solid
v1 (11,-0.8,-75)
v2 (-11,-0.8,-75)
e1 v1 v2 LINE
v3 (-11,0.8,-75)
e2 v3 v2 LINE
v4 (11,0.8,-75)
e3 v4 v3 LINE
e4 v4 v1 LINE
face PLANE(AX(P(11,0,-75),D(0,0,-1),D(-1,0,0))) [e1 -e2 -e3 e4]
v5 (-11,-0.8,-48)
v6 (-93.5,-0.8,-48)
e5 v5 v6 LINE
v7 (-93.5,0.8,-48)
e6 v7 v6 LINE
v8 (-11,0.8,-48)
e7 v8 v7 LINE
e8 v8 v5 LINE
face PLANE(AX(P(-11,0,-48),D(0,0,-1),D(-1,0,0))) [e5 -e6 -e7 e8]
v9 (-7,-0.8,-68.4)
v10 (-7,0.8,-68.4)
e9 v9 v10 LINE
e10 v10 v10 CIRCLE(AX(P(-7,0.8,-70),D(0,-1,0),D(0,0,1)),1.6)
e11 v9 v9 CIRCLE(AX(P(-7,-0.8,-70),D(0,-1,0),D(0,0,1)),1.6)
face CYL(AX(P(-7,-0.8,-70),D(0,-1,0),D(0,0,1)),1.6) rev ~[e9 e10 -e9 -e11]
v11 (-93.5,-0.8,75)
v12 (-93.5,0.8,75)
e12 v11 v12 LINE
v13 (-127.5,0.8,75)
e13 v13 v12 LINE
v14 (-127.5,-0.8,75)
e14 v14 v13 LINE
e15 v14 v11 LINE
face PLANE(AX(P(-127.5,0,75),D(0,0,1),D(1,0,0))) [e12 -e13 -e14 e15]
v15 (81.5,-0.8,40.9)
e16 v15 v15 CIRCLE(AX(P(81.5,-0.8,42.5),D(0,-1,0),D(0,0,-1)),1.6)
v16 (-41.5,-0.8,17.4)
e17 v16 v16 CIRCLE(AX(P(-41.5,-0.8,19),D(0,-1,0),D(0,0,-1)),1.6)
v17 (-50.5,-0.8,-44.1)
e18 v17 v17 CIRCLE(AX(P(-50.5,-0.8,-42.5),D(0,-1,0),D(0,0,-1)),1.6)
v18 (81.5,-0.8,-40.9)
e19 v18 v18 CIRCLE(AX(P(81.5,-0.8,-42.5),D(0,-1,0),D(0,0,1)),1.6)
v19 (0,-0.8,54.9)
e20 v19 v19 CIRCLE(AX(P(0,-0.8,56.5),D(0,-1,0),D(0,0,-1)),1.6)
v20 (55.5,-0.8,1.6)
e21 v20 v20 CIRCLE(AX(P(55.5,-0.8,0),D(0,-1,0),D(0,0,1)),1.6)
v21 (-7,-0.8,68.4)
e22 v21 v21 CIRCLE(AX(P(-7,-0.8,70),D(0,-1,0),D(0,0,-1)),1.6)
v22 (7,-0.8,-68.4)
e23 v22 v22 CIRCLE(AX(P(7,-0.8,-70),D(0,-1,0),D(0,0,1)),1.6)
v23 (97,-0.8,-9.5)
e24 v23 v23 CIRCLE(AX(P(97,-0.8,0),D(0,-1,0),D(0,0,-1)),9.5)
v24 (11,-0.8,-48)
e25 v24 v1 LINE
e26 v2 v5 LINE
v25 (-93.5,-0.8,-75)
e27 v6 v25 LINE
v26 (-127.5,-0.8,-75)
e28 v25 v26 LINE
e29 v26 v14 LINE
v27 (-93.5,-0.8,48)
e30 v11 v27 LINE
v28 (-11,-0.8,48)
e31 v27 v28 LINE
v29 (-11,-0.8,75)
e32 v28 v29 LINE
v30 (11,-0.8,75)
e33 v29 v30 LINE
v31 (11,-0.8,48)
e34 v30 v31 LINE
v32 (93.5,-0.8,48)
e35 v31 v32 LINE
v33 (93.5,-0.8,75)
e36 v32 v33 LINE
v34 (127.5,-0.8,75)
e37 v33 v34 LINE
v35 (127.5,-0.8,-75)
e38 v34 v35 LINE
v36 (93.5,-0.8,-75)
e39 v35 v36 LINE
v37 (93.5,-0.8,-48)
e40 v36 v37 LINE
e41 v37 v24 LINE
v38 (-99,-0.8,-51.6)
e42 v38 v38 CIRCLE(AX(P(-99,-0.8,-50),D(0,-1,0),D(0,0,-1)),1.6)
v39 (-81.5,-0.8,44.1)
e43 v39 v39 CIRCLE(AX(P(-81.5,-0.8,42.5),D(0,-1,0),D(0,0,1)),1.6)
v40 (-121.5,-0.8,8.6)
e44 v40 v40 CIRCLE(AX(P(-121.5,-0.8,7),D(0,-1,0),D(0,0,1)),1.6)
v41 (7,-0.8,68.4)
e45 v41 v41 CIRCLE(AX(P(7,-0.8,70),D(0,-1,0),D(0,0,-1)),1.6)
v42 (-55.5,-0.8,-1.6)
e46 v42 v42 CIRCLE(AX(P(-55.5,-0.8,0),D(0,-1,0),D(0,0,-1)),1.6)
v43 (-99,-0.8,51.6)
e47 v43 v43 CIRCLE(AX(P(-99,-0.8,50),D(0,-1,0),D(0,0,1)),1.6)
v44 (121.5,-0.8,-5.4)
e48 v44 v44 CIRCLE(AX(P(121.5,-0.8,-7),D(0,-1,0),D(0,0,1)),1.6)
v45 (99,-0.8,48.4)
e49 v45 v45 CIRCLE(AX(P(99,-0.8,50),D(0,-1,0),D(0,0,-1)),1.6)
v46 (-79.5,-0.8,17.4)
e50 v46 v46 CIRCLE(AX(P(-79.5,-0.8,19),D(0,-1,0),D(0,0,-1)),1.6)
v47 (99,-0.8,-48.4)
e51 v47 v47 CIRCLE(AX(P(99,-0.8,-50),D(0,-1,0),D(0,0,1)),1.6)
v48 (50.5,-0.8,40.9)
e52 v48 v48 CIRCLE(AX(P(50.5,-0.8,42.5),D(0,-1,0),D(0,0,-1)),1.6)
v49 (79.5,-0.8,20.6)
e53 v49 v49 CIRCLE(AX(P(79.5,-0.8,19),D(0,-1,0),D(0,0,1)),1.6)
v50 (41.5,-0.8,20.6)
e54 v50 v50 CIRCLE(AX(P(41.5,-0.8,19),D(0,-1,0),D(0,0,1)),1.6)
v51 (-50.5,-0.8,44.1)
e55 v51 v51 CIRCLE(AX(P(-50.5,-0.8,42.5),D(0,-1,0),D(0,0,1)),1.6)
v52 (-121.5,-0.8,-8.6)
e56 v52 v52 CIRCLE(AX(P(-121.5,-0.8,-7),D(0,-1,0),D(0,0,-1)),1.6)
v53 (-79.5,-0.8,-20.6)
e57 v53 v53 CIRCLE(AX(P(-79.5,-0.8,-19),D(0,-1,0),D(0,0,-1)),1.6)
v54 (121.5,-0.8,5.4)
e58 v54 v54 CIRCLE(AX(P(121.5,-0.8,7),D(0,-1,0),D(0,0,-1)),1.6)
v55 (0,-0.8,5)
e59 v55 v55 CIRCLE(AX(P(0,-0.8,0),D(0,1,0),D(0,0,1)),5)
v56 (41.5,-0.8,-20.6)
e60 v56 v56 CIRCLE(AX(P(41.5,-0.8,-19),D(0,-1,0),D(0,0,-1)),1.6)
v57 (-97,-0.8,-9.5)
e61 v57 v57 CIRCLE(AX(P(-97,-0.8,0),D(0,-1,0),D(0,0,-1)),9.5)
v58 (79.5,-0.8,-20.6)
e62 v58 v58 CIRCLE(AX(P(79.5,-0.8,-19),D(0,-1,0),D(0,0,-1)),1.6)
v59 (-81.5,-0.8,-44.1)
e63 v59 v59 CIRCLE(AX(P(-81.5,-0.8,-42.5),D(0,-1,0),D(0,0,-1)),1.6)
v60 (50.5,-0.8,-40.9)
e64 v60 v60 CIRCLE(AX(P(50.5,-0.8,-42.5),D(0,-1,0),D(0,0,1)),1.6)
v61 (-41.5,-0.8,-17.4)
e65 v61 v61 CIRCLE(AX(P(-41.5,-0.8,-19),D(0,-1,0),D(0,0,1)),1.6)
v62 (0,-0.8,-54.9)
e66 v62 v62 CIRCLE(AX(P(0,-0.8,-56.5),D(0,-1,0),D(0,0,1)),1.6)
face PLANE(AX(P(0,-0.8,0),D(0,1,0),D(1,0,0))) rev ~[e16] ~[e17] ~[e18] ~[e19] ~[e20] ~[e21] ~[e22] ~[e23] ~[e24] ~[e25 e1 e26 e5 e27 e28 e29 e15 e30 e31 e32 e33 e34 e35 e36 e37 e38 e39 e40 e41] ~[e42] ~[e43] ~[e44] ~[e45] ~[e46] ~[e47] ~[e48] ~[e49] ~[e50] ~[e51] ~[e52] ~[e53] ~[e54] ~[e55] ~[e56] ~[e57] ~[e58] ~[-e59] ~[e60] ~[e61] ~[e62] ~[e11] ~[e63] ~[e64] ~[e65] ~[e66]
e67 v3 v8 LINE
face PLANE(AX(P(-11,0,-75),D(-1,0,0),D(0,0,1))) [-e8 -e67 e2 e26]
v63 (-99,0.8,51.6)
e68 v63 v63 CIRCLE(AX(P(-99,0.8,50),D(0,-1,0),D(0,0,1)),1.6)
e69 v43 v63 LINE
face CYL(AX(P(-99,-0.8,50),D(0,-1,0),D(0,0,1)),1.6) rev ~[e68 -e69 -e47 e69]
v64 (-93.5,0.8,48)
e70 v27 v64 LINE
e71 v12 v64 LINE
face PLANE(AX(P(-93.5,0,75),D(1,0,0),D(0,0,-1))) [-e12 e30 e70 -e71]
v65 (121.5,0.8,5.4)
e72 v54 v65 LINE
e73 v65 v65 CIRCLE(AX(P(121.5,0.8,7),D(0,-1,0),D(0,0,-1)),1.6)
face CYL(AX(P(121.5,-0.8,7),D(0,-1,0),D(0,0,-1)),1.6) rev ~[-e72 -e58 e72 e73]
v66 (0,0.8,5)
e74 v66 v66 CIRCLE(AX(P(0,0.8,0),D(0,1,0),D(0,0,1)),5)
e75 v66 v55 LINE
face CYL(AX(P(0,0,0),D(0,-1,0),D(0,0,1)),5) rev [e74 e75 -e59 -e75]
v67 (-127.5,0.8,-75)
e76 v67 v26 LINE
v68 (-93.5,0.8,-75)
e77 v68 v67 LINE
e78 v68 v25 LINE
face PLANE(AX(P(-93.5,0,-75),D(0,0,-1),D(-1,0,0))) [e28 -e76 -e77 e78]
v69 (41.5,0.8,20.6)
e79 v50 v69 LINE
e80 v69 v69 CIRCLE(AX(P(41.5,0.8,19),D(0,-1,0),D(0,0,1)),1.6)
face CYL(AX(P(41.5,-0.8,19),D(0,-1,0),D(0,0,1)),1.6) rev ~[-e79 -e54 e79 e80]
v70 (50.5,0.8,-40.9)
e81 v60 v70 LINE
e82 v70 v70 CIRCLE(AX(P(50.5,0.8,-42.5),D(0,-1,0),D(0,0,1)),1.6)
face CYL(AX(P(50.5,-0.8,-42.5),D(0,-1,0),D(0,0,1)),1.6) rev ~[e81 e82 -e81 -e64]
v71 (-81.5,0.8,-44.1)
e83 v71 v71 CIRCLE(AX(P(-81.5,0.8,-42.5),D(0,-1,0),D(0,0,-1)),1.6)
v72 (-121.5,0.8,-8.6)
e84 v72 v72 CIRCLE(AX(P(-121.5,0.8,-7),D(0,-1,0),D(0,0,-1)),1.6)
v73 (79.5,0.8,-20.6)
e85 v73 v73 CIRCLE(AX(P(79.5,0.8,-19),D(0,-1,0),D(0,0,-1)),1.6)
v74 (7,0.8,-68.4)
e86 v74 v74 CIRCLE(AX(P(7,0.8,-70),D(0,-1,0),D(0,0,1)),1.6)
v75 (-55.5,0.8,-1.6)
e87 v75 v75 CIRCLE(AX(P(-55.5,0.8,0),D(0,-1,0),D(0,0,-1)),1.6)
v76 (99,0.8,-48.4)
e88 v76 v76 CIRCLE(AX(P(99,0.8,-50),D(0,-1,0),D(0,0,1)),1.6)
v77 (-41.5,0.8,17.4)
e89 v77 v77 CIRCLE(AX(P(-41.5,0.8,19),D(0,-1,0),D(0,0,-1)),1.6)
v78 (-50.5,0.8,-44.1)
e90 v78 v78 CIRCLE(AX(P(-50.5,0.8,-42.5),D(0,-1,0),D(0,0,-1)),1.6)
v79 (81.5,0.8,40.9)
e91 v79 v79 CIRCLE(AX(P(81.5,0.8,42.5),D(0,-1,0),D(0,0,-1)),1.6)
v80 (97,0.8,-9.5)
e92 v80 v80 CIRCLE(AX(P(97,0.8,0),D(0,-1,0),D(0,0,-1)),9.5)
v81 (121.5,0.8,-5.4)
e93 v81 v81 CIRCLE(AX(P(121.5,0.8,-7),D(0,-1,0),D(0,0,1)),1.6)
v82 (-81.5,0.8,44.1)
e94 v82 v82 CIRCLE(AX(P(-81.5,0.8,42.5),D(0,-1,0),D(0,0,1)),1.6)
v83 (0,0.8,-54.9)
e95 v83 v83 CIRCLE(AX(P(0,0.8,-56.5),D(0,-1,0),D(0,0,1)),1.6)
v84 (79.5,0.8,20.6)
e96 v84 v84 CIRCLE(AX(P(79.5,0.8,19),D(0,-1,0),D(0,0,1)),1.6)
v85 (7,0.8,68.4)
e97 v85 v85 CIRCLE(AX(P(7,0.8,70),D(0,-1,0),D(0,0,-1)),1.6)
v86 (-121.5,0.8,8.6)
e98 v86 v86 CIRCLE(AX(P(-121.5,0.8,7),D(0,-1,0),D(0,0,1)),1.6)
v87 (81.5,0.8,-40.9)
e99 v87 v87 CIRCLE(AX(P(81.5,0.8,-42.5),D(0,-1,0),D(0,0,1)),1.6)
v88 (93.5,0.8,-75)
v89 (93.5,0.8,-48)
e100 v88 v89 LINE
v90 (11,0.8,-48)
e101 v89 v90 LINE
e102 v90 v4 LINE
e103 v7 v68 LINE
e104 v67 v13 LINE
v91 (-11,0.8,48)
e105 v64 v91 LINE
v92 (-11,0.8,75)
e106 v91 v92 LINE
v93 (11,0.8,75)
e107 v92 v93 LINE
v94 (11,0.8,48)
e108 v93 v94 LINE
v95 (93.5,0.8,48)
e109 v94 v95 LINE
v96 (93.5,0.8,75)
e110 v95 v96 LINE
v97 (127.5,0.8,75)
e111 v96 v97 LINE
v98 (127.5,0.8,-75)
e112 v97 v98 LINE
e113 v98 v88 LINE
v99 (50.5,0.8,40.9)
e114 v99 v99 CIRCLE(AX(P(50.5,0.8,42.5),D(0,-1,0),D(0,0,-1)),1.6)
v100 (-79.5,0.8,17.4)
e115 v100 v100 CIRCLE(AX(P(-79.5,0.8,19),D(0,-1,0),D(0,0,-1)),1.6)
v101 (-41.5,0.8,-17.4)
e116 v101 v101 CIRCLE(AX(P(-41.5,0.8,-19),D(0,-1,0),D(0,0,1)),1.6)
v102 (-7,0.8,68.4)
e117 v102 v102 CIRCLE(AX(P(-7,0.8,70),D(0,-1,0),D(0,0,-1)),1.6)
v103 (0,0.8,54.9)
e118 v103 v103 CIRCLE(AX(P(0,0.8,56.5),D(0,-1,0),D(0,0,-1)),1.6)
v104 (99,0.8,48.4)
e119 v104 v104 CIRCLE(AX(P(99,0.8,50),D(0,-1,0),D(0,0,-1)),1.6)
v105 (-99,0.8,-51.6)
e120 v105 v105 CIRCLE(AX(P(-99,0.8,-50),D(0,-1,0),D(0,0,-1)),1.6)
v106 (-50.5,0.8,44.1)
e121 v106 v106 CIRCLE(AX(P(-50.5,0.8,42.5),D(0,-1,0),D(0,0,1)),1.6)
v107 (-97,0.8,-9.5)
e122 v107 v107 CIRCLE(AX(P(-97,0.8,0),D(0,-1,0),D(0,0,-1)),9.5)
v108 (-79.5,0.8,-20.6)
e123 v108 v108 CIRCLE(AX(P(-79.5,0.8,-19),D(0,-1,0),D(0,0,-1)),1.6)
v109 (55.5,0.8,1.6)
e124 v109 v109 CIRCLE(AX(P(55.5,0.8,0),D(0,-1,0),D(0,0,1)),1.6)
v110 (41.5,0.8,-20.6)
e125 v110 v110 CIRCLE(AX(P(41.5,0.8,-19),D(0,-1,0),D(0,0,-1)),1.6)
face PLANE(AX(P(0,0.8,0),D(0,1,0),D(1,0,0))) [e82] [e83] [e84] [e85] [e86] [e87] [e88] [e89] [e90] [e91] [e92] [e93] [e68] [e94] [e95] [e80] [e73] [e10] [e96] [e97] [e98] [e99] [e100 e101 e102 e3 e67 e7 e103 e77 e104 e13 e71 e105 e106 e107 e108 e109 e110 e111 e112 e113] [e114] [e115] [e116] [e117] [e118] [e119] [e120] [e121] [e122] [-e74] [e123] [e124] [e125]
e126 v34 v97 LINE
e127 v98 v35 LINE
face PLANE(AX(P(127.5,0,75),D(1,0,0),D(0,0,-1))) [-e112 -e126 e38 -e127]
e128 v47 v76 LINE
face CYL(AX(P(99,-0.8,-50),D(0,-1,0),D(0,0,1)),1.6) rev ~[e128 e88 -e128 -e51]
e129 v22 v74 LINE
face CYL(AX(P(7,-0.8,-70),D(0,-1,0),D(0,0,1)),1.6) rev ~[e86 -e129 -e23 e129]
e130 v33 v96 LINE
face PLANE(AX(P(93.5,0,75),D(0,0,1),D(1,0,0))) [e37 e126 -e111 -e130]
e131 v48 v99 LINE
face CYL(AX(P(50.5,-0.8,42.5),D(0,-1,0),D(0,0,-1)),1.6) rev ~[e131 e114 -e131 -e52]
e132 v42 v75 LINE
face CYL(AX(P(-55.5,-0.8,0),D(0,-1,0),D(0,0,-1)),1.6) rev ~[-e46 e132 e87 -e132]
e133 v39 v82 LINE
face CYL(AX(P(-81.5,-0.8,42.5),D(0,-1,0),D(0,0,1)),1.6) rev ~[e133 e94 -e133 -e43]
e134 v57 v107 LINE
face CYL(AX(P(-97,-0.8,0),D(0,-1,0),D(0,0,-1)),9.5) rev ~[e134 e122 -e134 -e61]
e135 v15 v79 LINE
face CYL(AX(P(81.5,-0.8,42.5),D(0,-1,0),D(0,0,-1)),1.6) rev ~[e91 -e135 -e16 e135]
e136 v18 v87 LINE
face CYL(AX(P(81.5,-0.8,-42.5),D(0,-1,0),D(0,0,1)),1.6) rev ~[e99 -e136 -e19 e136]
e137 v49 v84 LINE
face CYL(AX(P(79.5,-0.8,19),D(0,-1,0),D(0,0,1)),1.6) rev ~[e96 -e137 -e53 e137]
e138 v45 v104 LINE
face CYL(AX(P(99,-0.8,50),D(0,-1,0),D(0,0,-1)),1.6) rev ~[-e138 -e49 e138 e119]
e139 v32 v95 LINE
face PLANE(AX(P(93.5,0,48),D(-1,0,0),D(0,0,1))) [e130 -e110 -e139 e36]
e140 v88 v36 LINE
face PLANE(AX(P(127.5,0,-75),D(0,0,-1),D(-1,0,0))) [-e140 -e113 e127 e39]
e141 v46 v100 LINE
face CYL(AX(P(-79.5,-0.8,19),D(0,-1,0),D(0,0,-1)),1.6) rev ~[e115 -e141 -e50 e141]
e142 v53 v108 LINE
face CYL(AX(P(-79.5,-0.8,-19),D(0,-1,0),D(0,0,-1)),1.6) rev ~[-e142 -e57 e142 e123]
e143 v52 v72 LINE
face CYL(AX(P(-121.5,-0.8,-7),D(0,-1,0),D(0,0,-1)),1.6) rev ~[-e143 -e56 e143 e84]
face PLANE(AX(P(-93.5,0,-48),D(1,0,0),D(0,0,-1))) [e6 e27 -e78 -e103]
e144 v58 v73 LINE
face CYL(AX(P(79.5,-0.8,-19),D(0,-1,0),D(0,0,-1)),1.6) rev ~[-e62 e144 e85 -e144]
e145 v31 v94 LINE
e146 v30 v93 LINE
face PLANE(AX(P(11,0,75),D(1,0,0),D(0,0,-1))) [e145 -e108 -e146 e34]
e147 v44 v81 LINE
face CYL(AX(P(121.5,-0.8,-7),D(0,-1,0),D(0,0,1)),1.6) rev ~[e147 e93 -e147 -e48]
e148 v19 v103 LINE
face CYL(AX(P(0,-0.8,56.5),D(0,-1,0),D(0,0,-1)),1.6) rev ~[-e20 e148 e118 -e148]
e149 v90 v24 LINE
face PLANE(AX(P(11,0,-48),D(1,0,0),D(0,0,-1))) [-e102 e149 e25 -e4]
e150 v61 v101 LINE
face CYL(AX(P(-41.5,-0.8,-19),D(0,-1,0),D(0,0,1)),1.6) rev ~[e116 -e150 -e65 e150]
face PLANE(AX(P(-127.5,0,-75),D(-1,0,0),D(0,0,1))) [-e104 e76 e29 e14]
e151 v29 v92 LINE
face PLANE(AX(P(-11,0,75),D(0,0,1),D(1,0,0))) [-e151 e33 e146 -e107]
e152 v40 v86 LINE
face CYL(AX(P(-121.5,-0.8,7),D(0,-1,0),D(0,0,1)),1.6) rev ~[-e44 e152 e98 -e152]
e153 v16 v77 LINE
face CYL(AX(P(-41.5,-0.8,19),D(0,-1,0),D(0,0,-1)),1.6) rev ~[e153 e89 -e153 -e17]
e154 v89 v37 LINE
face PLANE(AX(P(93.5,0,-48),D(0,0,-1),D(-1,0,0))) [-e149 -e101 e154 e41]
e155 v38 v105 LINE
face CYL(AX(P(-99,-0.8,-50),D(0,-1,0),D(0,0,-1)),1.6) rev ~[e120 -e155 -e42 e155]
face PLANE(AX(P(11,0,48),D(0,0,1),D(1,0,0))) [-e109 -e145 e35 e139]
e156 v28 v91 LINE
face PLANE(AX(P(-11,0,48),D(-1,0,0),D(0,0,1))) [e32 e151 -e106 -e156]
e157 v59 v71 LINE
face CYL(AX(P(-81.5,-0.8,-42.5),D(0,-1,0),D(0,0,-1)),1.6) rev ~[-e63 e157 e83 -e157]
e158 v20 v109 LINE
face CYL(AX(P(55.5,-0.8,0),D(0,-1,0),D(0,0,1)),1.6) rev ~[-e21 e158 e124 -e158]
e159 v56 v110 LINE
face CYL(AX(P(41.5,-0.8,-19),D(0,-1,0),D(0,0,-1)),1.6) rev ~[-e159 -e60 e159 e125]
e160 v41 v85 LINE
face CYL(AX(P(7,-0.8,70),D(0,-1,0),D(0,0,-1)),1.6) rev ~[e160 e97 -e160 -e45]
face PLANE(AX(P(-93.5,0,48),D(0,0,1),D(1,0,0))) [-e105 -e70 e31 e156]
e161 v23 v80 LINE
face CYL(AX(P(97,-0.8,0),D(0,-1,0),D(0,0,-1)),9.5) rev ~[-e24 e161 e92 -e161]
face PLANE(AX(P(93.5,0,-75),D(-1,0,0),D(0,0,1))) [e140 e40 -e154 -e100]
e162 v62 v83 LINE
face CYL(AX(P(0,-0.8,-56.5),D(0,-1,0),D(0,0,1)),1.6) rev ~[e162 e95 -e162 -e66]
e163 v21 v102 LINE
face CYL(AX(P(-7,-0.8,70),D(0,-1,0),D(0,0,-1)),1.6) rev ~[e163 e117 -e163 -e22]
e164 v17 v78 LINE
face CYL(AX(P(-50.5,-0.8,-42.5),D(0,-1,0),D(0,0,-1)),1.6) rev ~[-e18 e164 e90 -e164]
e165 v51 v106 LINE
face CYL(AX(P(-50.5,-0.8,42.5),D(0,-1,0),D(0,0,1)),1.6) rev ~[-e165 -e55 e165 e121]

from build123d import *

# Parameters (mm, degrees)
SKETCH_2_R          = 5
EXTRUDE_1_DEPTH     = 0.8
SKETCH_5_R          = 1.6
SKETCH_5_R_2        = 9.5
CUT_EXTRUDE_1_DEPTH = 2


with BuildPart() as part:
    # 草图2 → 凸台-拉伸1 (new, symmetric)
    with BuildSketch(Plane(origin=(0, 0, 0), x_dir=(1, 0, 0), z_dir=(0, 1, 0))):
        Polygon((-127.5, 75), (-127.5, -75), (-93.5, -75), (-93.5, -48), (-11, -48), (-11, -75), (11, -75), (11, -48), (93.5, -48), (93.5, -75), (127.5, -75), (127.5, 75), (93.5, 75), (93.5, 48), (11, 48), (11, 75), (-11, 75), (-11, 48), (-93.5, 48), (-93.5, 75), align=None)
        with Locations(Location((0, 0, 0), (0, 0, 270))):
            Circle(SKETCH_2_R, mode=Mode.SUBTRACT)
    extrude(amount=EXTRUDE_1_DEPTH, both=True)

    # 草图5 → 切除-拉伸1 (cut)
    with BuildSketch(Plane.XZ.offset(0.8)):
        with Locations(Location((-55.5, 0, 0), (0, 0, 270))):
            Circle(SKETCH_5_R)
        with Locations(Location((0, 56.5, 0), (0, 0, 270))):
            Circle(SKETCH_5_R)
        with Locations(Location((7, 70, 0), (0, 0, 270))):
            Circle(SKETCH_5_R)
        with Locations(Location((-7, 70, 0), (0, 0, 270))):
            Circle(SKETCH_5_R)
        with Locations(Location((99, 50, 0), (0, 0, 270))):
            Circle(SKETCH_5_R)
        with Locations(Location((-81.5, -42.5, 0), (0, 0, 270))):
            Circle(SKETCH_5_R)
        with Locations(Location((-50.5, -42.5, 0), (0, 0, 270))):
            Circle(SKETCH_5_R)
        with Locations(Location((-99, -50, 0), (0, 0, 270))):
            Circle(SKETCH_5_R)
        with Locations(Location((-97, 0, 0), (0, 0, 270))):
            Circle(SKETCH_5_R_2)
        with Locations(Location((-121.5, -7, 0), (0, 0, 270))):
            Circle(SKETCH_5_R)
        with Locations(Location((55.5, 0, 0), (0, 0, 90))):
            Circle(SKETCH_5_R)
        with Locations(Location((81.5, -42.5, 0), (0, 0, 90))):
            Circle(SKETCH_5_R)
        with Locations(Location((50.5, -42.5, 0), (0, 0, 90))):
            Circle(SKETCH_5_R)
        with Locations(Location((99, -50, 0), (0, 0, 90))):
            Circle(SKETCH_5_R)
        with Locations(Location((121.5, -7, 0), (0, 0, 90))):
            Circle(SKETCH_5_R)
        with Locations(Location((97, 0, 0), (0, 0, 270))):
            Circle(SKETCH_5_R_2)
        with Locations(Location((7, -70, 0), (0, 0, 90))):
            Circle(SKETCH_5_R)
        with Locations(Location((-7, -70, 0), (0, 0, 90))):
            Circle(SKETCH_5_R)
        with Locations(Location((0, -56.5, 0), (0, 0, 90))):
            Circle(SKETCH_5_R)
        with Locations(Location((50.5, 42.5, 0), (0, 0, 270))):
            Circle(SKETCH_5_R)
        with Locations(Location((81.5, 42.5, 0), (0, 0, 270))):
            Circle(SKETCH_5_R)
        with Locations(Location((121.5, 7, 0), (0, 0, 270))):
            Circle(SKETCH_5_R)
        with Locations(Location((-50.5, 42.5, 0), (0, 0, 90))):
            Circle(SKETCH_5_R)
        with Locations(Location((-121.5, 7, 0), (0, 0, 90))):
            Circle(SKETCH_5_R)
        with Locations(Location((-81.5, 42.5, 0), (0, 0, 90))):
            Circle(SKETCH_5_R)
        with Locations(Location((-99, 50, 0), (0, 0, 90))):
            Circle(SKETCH_5_R)
        with Locations(Location((-79.5, 19, 0), (0, 0, 270))):
            Circle(SKETCH_5_R)
        with Locations(Location((-41.5, 19, 0), (0, 0, 270))):
            Circle(SKETCH_5_R)
        with Locations(Location((-41.5, -19, 0), (0, 0, 90))):
            Circle(SKETCH_5_R)
        with Locations(Location((-79.5, -19, 0), (0, 0, 270))):
            Circle(SKETCH_5_R)
        with Locations(Location((41.5, 19, 0), (0, 0, 90))):
            Circle(SKETCH_5_R)
        with Locations(Location((79.5, 19, 0), (0, 0, 90))):
            Circle(SKETCH_5_R)
        with Locations(Location((41.5, -19, 0), (0, 0, 270))):
            Circle(SKETCH_5_R)
        with Locations(Location((79.5, -19, 0), (0, 0, 270))):
            Circle(SKETCH_5_R)
    extrude(amount=-CUT_EXTRUDE_1_DEPTH, mode=Mode.SUBTRACT)


solid = part.part
